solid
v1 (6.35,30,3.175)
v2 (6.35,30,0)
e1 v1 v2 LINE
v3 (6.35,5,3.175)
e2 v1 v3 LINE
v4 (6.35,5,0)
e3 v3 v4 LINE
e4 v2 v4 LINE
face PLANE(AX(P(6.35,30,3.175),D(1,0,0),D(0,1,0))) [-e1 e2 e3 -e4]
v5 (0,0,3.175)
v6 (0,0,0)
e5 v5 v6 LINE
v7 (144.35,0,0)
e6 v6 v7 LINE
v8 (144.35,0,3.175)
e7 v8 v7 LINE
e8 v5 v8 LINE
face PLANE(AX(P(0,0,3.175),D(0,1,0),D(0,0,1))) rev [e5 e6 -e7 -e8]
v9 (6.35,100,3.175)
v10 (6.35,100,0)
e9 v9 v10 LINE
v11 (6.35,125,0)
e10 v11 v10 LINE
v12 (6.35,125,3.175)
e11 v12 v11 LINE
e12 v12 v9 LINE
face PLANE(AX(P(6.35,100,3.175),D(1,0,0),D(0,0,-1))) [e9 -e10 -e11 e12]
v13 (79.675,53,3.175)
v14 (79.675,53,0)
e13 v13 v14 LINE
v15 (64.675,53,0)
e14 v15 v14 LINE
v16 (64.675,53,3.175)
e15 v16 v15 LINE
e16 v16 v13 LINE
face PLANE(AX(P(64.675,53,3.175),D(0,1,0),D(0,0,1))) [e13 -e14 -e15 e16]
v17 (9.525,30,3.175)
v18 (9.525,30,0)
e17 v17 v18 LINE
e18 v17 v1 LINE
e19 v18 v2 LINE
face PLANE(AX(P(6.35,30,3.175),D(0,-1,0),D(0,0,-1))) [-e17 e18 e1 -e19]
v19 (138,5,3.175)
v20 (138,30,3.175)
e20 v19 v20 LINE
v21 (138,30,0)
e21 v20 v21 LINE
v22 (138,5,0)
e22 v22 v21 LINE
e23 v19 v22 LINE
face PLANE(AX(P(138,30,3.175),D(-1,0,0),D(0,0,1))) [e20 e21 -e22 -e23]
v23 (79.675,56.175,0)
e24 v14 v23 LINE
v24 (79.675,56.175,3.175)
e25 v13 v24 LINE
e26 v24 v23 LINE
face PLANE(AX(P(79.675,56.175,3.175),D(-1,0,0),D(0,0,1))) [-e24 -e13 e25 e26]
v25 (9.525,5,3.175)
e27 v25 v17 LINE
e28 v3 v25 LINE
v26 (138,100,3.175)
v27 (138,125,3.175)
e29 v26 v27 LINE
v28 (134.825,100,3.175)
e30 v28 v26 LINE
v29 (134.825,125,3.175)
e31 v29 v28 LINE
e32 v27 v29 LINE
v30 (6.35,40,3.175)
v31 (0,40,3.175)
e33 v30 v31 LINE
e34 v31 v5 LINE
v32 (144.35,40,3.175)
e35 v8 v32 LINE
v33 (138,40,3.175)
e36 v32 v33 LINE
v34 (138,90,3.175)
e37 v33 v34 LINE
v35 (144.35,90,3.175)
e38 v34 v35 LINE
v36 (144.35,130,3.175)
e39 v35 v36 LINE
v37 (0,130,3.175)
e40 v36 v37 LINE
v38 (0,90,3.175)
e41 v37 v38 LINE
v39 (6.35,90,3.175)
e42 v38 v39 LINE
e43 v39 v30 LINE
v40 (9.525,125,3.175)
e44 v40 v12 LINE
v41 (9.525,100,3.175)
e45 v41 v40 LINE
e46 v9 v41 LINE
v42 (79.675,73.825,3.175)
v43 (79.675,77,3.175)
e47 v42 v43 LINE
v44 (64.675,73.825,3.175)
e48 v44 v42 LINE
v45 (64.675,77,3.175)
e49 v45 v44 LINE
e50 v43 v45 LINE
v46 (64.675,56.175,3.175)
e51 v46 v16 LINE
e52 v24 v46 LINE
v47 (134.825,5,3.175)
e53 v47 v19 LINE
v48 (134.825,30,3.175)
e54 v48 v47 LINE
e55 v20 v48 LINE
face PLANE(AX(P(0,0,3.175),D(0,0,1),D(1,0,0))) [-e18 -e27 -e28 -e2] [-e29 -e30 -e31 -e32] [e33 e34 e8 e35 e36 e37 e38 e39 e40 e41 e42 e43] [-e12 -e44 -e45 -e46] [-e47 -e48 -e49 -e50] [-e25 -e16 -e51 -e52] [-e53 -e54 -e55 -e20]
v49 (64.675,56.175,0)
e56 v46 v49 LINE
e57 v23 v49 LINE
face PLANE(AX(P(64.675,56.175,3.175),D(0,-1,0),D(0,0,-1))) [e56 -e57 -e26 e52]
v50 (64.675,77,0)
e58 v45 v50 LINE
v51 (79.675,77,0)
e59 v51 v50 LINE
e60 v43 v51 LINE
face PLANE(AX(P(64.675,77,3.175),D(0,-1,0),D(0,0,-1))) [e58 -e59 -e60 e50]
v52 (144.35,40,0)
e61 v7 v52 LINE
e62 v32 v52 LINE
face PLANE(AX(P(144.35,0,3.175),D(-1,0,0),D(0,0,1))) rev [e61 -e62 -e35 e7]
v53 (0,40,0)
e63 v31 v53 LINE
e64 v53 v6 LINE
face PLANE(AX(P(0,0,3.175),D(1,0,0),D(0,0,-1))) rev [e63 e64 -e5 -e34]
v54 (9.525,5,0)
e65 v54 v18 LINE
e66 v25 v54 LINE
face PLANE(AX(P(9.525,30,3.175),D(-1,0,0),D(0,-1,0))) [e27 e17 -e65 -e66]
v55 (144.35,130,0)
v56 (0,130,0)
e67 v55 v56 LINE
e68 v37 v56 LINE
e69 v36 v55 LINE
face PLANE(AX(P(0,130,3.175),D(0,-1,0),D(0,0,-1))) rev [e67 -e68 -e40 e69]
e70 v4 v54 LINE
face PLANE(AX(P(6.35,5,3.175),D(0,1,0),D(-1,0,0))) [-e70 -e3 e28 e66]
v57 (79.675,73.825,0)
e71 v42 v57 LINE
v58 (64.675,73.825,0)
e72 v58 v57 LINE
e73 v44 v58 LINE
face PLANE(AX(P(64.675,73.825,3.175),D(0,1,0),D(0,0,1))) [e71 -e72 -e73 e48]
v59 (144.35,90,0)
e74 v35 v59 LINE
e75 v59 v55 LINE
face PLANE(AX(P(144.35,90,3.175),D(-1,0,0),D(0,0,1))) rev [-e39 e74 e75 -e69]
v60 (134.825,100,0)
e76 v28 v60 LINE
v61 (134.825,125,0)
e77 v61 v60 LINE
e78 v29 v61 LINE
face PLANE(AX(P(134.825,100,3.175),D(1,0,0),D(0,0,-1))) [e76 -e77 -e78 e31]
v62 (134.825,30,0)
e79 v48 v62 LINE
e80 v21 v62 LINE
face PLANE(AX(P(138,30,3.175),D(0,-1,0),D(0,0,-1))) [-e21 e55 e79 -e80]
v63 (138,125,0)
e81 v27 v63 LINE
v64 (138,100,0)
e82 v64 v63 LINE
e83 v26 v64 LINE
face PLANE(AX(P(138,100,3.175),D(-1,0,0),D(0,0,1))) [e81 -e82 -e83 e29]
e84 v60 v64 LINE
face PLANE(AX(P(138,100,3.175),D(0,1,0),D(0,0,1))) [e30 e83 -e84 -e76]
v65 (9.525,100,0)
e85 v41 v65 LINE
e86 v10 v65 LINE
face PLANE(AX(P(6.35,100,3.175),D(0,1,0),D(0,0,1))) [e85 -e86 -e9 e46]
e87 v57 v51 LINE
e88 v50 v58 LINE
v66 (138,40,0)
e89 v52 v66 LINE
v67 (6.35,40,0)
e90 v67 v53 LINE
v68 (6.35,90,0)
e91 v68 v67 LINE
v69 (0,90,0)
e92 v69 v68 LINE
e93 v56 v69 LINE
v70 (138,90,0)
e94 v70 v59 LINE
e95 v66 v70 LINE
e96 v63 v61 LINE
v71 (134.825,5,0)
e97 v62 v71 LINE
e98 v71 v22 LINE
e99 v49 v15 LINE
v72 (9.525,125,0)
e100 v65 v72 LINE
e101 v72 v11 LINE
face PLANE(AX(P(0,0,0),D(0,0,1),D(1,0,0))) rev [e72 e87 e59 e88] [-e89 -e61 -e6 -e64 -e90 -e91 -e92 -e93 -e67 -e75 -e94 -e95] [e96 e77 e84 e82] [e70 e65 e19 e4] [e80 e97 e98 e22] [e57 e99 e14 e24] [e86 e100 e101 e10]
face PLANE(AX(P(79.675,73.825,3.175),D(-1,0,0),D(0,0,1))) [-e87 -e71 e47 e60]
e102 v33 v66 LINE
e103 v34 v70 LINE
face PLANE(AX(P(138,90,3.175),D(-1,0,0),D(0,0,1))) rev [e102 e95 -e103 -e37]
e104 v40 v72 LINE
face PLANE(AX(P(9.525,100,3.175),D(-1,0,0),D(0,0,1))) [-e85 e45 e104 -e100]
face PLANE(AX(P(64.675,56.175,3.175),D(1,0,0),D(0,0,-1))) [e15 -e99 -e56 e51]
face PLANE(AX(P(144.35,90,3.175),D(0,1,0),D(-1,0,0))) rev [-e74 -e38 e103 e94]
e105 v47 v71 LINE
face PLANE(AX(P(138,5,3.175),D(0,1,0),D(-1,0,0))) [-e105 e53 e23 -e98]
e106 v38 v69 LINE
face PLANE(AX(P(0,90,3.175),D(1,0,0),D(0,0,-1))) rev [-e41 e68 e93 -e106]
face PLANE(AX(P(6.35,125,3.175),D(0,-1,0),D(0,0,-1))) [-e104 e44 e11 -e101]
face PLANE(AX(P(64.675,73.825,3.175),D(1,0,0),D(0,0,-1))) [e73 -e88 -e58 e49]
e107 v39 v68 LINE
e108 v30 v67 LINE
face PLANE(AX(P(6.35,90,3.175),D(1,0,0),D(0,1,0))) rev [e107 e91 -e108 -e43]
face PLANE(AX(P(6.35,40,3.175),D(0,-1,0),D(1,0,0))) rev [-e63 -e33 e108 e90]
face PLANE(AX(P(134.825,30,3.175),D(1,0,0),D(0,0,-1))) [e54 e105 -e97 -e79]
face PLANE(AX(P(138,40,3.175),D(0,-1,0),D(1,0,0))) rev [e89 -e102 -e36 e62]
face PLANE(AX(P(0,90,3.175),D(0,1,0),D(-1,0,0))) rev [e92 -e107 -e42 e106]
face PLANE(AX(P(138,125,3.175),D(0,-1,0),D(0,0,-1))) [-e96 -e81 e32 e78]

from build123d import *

# Parameters (mm, degrees)
SKETCH1_W           = 3.175
SKETCH1_H           = 25
SKETCH1_W_2         = 15
SKETCH1_H_2         = 3.175
BOSS_EXTRUDE1_DEPTH = 3.175


with BuildPart() as part:
    # Sketch1 → Boss-Extrude1 (new body)
    with BuildSketch(Plane.XY):
        Polygon((0, 90), (6.35, 90), (6.35, 40), (0, 40), (0, 0), (144.35, 0), (144.35, 40), (138, 40), (138, 90), (144.35, 90), (144.35, 130), (0, 130), align=None)
        with Locations((7.9375, 112.5)):
            Rectangle(SKETCH1_W, SKETCH1_H, mode=Mode.SUBTRACT)
        with Locations((136.4125, 112.5)):
            Rectangle(SKETCH1_W, SKETCH1_H, mode=Mode.SUBTRACT)
        with Locations((7.9375, 17.5)):
            Rectangle(SKETCH1_W, SKETCH1_H, mode=Mode.SUBTRACT)
        with Locations((136.4125, 17.5)):
            Rectangle(SKETCH1_W, SKETCH1_H, mode=Mode.SUBTRACT)
        with Locations((72.175, 54.5875)):
            Rectangle(SKETCH1_W_2, SKETCH1_H_2, mode=Mode.SUBTRACT)
        with Locations((72.175, 75.4125)):
            Rectangle(SKETCH1_W_2, SKETCH1_H_2, mode=Mode.SUBTRACT)
    extrude(amount=BOSS_EXTRUDE1_DEPTH)


solid = part.part
